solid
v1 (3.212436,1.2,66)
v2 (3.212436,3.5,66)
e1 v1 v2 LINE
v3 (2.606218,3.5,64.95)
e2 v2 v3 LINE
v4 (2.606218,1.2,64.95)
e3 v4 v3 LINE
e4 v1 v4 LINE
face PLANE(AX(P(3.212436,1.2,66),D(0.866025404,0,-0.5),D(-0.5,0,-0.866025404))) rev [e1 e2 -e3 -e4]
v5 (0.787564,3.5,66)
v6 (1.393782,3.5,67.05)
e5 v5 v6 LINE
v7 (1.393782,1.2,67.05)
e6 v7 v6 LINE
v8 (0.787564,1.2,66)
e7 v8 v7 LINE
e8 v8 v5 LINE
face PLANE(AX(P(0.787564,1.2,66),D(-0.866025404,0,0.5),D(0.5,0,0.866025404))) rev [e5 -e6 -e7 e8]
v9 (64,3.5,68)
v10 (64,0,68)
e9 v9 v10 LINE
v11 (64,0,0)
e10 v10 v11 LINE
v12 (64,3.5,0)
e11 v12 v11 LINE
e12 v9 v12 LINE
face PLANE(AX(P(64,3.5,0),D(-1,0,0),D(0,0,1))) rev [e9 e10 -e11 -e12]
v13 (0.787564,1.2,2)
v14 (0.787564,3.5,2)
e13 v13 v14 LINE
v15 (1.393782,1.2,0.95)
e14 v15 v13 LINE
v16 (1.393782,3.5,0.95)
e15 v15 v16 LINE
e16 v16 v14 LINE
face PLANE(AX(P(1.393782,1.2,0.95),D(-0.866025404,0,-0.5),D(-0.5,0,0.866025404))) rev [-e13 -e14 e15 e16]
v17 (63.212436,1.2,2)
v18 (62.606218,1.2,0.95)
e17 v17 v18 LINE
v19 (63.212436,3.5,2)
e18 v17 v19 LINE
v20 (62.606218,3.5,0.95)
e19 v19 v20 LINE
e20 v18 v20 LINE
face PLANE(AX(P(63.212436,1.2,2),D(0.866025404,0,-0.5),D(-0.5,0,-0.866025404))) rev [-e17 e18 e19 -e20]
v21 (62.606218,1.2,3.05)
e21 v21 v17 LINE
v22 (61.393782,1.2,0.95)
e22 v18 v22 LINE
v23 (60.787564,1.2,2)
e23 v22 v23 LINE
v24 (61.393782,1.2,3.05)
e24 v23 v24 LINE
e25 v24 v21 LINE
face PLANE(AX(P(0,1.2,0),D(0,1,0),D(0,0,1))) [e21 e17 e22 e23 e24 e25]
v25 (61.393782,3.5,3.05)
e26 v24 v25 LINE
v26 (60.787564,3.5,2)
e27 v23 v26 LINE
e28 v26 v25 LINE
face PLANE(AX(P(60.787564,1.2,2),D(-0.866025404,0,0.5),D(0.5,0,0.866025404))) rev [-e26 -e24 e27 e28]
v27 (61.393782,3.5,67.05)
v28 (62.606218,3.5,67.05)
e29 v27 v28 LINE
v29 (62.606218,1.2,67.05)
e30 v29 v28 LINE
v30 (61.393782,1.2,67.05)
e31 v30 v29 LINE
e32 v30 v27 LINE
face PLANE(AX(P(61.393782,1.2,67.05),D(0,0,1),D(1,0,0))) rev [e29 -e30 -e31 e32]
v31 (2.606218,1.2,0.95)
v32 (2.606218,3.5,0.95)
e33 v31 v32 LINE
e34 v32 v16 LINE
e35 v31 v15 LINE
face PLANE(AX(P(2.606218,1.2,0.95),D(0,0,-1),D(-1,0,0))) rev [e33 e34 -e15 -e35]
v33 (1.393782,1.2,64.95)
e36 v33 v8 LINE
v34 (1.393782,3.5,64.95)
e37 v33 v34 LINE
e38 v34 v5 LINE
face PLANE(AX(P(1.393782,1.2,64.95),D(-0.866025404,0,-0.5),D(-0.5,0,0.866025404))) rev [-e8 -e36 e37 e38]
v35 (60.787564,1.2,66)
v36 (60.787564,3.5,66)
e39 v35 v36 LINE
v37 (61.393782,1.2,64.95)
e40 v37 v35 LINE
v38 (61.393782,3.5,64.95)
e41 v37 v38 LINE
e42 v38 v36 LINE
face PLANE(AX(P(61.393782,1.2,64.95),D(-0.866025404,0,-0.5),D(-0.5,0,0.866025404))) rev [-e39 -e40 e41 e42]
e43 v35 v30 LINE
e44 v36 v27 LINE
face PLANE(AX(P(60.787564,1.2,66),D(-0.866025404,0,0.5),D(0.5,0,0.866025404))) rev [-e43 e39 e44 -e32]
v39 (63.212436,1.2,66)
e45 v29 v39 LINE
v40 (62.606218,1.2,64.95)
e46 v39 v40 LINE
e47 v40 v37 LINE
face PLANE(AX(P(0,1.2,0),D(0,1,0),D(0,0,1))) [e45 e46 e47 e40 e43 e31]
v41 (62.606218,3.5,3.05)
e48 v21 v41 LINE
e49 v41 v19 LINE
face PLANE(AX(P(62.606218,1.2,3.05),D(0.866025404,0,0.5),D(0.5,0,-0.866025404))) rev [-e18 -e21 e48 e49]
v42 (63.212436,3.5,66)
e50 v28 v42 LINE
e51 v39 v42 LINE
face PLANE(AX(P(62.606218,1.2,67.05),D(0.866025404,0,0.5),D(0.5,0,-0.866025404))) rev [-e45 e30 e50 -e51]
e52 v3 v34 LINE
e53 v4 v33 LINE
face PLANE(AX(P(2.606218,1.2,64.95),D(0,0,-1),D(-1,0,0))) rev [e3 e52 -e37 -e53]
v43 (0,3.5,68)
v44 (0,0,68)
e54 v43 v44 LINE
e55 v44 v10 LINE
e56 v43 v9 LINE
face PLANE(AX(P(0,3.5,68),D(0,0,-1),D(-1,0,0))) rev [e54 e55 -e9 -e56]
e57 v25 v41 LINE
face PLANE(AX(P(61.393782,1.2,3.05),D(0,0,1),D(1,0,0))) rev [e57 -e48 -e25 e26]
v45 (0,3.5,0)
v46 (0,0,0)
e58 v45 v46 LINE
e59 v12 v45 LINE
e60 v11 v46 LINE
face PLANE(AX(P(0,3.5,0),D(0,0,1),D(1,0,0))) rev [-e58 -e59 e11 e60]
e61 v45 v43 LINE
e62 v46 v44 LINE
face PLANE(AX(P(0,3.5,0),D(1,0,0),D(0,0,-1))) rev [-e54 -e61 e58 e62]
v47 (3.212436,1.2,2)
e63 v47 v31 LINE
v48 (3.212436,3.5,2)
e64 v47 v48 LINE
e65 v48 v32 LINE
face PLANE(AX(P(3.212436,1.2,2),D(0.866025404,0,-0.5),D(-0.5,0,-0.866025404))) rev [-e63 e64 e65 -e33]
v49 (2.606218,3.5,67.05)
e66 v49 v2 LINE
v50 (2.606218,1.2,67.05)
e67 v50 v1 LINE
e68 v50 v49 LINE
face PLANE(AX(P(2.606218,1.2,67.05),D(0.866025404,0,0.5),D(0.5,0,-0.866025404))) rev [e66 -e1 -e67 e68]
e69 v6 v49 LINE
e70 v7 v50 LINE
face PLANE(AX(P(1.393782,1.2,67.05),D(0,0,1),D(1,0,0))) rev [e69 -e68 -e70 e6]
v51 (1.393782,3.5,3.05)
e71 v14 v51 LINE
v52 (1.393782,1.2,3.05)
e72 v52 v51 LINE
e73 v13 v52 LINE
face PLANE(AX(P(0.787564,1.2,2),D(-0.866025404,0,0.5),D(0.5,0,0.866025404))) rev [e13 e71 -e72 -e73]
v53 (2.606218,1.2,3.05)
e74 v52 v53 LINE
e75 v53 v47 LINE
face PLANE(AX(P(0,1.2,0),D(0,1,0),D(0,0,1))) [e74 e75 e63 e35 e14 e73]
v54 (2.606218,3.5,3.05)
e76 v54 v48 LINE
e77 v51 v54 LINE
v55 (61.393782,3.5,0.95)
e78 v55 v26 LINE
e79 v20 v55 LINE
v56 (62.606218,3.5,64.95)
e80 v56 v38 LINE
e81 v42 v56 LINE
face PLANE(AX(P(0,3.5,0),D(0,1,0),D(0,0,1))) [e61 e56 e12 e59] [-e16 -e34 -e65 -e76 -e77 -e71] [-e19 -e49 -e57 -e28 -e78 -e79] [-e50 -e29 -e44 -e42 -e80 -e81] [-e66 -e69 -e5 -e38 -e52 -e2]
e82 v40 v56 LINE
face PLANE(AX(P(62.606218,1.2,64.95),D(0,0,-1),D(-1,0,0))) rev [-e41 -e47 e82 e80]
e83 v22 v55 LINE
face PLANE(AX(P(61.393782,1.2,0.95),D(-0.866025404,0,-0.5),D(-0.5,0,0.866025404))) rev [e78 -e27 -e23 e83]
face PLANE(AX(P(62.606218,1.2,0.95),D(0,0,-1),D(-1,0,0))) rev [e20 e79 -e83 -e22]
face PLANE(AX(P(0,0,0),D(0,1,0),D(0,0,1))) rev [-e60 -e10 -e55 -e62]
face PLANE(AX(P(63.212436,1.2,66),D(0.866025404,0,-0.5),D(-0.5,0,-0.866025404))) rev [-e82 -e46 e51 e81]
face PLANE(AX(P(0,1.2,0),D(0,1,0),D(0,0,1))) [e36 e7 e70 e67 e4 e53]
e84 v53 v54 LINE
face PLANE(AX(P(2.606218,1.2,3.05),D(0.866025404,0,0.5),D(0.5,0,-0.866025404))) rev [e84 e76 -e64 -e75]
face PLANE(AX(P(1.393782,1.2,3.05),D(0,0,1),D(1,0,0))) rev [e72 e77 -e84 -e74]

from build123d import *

# Parameters (mm, degrees)
SKETCH1_W           = 64
SKETCH1_H           = 68
BOSS_EXTRUDE1_DEPTH = 3.5
CUT_EXTRUDE1_DEPTH  = 2.3


with BuildPart() as part:
    # Sketch1 → Boss-Extrude1 (new body)
    with BuildSketch(Plane(origin=(0, 0, 0), x_dir=(1, 0, 0), z_dir=(0, 1, 0))):
        with Locations((32, -34)):
            Rectangle(SKETCH1_W, SKETCH1_H)
    extrude(amount=BOSS_EXTRUDE1_DEPTH)

    # Sketch2 → Cut-Extrude1 (cut)
    with BuildSketch(Plane(origin=(0, 3.5, 0), x_dir=(1, 0, 0), z_dir=(0, 1, 0))):
        Polygon((3.212435565, -2), (2.606217783, -0.95), (1.393782217, -0.95), (0.787564435, -2), (1.393782217, -3.05), (2.606217783, -3.05), align=None)
        Polygon((60.787564435, -2), (61.393782217, -3.05), (62.606217783, -3.05), (63.212435565, -2), (62.606217783, -0.95), (61.393782217, -0.95), align=None)
        Polygon((60.787564435, -66), (61.393782217, -67.05), (62.606217783, -67.05), (63.212435565, -66), (62.606217783, -64.95), (61.393782217, -64.95), align=None)
        Polygon((3.212435565, -66), (2.606217783, -64.95), (1.393782217, -64.95), (0.787564435, -66), (1.393782217, -67.05), (2.606217783, -67.05), align=None)
    extrude(amount=-CUT_EXTRUDE1_DEPTH, mode=Mode.SUBTRACT)


solid = part.part
